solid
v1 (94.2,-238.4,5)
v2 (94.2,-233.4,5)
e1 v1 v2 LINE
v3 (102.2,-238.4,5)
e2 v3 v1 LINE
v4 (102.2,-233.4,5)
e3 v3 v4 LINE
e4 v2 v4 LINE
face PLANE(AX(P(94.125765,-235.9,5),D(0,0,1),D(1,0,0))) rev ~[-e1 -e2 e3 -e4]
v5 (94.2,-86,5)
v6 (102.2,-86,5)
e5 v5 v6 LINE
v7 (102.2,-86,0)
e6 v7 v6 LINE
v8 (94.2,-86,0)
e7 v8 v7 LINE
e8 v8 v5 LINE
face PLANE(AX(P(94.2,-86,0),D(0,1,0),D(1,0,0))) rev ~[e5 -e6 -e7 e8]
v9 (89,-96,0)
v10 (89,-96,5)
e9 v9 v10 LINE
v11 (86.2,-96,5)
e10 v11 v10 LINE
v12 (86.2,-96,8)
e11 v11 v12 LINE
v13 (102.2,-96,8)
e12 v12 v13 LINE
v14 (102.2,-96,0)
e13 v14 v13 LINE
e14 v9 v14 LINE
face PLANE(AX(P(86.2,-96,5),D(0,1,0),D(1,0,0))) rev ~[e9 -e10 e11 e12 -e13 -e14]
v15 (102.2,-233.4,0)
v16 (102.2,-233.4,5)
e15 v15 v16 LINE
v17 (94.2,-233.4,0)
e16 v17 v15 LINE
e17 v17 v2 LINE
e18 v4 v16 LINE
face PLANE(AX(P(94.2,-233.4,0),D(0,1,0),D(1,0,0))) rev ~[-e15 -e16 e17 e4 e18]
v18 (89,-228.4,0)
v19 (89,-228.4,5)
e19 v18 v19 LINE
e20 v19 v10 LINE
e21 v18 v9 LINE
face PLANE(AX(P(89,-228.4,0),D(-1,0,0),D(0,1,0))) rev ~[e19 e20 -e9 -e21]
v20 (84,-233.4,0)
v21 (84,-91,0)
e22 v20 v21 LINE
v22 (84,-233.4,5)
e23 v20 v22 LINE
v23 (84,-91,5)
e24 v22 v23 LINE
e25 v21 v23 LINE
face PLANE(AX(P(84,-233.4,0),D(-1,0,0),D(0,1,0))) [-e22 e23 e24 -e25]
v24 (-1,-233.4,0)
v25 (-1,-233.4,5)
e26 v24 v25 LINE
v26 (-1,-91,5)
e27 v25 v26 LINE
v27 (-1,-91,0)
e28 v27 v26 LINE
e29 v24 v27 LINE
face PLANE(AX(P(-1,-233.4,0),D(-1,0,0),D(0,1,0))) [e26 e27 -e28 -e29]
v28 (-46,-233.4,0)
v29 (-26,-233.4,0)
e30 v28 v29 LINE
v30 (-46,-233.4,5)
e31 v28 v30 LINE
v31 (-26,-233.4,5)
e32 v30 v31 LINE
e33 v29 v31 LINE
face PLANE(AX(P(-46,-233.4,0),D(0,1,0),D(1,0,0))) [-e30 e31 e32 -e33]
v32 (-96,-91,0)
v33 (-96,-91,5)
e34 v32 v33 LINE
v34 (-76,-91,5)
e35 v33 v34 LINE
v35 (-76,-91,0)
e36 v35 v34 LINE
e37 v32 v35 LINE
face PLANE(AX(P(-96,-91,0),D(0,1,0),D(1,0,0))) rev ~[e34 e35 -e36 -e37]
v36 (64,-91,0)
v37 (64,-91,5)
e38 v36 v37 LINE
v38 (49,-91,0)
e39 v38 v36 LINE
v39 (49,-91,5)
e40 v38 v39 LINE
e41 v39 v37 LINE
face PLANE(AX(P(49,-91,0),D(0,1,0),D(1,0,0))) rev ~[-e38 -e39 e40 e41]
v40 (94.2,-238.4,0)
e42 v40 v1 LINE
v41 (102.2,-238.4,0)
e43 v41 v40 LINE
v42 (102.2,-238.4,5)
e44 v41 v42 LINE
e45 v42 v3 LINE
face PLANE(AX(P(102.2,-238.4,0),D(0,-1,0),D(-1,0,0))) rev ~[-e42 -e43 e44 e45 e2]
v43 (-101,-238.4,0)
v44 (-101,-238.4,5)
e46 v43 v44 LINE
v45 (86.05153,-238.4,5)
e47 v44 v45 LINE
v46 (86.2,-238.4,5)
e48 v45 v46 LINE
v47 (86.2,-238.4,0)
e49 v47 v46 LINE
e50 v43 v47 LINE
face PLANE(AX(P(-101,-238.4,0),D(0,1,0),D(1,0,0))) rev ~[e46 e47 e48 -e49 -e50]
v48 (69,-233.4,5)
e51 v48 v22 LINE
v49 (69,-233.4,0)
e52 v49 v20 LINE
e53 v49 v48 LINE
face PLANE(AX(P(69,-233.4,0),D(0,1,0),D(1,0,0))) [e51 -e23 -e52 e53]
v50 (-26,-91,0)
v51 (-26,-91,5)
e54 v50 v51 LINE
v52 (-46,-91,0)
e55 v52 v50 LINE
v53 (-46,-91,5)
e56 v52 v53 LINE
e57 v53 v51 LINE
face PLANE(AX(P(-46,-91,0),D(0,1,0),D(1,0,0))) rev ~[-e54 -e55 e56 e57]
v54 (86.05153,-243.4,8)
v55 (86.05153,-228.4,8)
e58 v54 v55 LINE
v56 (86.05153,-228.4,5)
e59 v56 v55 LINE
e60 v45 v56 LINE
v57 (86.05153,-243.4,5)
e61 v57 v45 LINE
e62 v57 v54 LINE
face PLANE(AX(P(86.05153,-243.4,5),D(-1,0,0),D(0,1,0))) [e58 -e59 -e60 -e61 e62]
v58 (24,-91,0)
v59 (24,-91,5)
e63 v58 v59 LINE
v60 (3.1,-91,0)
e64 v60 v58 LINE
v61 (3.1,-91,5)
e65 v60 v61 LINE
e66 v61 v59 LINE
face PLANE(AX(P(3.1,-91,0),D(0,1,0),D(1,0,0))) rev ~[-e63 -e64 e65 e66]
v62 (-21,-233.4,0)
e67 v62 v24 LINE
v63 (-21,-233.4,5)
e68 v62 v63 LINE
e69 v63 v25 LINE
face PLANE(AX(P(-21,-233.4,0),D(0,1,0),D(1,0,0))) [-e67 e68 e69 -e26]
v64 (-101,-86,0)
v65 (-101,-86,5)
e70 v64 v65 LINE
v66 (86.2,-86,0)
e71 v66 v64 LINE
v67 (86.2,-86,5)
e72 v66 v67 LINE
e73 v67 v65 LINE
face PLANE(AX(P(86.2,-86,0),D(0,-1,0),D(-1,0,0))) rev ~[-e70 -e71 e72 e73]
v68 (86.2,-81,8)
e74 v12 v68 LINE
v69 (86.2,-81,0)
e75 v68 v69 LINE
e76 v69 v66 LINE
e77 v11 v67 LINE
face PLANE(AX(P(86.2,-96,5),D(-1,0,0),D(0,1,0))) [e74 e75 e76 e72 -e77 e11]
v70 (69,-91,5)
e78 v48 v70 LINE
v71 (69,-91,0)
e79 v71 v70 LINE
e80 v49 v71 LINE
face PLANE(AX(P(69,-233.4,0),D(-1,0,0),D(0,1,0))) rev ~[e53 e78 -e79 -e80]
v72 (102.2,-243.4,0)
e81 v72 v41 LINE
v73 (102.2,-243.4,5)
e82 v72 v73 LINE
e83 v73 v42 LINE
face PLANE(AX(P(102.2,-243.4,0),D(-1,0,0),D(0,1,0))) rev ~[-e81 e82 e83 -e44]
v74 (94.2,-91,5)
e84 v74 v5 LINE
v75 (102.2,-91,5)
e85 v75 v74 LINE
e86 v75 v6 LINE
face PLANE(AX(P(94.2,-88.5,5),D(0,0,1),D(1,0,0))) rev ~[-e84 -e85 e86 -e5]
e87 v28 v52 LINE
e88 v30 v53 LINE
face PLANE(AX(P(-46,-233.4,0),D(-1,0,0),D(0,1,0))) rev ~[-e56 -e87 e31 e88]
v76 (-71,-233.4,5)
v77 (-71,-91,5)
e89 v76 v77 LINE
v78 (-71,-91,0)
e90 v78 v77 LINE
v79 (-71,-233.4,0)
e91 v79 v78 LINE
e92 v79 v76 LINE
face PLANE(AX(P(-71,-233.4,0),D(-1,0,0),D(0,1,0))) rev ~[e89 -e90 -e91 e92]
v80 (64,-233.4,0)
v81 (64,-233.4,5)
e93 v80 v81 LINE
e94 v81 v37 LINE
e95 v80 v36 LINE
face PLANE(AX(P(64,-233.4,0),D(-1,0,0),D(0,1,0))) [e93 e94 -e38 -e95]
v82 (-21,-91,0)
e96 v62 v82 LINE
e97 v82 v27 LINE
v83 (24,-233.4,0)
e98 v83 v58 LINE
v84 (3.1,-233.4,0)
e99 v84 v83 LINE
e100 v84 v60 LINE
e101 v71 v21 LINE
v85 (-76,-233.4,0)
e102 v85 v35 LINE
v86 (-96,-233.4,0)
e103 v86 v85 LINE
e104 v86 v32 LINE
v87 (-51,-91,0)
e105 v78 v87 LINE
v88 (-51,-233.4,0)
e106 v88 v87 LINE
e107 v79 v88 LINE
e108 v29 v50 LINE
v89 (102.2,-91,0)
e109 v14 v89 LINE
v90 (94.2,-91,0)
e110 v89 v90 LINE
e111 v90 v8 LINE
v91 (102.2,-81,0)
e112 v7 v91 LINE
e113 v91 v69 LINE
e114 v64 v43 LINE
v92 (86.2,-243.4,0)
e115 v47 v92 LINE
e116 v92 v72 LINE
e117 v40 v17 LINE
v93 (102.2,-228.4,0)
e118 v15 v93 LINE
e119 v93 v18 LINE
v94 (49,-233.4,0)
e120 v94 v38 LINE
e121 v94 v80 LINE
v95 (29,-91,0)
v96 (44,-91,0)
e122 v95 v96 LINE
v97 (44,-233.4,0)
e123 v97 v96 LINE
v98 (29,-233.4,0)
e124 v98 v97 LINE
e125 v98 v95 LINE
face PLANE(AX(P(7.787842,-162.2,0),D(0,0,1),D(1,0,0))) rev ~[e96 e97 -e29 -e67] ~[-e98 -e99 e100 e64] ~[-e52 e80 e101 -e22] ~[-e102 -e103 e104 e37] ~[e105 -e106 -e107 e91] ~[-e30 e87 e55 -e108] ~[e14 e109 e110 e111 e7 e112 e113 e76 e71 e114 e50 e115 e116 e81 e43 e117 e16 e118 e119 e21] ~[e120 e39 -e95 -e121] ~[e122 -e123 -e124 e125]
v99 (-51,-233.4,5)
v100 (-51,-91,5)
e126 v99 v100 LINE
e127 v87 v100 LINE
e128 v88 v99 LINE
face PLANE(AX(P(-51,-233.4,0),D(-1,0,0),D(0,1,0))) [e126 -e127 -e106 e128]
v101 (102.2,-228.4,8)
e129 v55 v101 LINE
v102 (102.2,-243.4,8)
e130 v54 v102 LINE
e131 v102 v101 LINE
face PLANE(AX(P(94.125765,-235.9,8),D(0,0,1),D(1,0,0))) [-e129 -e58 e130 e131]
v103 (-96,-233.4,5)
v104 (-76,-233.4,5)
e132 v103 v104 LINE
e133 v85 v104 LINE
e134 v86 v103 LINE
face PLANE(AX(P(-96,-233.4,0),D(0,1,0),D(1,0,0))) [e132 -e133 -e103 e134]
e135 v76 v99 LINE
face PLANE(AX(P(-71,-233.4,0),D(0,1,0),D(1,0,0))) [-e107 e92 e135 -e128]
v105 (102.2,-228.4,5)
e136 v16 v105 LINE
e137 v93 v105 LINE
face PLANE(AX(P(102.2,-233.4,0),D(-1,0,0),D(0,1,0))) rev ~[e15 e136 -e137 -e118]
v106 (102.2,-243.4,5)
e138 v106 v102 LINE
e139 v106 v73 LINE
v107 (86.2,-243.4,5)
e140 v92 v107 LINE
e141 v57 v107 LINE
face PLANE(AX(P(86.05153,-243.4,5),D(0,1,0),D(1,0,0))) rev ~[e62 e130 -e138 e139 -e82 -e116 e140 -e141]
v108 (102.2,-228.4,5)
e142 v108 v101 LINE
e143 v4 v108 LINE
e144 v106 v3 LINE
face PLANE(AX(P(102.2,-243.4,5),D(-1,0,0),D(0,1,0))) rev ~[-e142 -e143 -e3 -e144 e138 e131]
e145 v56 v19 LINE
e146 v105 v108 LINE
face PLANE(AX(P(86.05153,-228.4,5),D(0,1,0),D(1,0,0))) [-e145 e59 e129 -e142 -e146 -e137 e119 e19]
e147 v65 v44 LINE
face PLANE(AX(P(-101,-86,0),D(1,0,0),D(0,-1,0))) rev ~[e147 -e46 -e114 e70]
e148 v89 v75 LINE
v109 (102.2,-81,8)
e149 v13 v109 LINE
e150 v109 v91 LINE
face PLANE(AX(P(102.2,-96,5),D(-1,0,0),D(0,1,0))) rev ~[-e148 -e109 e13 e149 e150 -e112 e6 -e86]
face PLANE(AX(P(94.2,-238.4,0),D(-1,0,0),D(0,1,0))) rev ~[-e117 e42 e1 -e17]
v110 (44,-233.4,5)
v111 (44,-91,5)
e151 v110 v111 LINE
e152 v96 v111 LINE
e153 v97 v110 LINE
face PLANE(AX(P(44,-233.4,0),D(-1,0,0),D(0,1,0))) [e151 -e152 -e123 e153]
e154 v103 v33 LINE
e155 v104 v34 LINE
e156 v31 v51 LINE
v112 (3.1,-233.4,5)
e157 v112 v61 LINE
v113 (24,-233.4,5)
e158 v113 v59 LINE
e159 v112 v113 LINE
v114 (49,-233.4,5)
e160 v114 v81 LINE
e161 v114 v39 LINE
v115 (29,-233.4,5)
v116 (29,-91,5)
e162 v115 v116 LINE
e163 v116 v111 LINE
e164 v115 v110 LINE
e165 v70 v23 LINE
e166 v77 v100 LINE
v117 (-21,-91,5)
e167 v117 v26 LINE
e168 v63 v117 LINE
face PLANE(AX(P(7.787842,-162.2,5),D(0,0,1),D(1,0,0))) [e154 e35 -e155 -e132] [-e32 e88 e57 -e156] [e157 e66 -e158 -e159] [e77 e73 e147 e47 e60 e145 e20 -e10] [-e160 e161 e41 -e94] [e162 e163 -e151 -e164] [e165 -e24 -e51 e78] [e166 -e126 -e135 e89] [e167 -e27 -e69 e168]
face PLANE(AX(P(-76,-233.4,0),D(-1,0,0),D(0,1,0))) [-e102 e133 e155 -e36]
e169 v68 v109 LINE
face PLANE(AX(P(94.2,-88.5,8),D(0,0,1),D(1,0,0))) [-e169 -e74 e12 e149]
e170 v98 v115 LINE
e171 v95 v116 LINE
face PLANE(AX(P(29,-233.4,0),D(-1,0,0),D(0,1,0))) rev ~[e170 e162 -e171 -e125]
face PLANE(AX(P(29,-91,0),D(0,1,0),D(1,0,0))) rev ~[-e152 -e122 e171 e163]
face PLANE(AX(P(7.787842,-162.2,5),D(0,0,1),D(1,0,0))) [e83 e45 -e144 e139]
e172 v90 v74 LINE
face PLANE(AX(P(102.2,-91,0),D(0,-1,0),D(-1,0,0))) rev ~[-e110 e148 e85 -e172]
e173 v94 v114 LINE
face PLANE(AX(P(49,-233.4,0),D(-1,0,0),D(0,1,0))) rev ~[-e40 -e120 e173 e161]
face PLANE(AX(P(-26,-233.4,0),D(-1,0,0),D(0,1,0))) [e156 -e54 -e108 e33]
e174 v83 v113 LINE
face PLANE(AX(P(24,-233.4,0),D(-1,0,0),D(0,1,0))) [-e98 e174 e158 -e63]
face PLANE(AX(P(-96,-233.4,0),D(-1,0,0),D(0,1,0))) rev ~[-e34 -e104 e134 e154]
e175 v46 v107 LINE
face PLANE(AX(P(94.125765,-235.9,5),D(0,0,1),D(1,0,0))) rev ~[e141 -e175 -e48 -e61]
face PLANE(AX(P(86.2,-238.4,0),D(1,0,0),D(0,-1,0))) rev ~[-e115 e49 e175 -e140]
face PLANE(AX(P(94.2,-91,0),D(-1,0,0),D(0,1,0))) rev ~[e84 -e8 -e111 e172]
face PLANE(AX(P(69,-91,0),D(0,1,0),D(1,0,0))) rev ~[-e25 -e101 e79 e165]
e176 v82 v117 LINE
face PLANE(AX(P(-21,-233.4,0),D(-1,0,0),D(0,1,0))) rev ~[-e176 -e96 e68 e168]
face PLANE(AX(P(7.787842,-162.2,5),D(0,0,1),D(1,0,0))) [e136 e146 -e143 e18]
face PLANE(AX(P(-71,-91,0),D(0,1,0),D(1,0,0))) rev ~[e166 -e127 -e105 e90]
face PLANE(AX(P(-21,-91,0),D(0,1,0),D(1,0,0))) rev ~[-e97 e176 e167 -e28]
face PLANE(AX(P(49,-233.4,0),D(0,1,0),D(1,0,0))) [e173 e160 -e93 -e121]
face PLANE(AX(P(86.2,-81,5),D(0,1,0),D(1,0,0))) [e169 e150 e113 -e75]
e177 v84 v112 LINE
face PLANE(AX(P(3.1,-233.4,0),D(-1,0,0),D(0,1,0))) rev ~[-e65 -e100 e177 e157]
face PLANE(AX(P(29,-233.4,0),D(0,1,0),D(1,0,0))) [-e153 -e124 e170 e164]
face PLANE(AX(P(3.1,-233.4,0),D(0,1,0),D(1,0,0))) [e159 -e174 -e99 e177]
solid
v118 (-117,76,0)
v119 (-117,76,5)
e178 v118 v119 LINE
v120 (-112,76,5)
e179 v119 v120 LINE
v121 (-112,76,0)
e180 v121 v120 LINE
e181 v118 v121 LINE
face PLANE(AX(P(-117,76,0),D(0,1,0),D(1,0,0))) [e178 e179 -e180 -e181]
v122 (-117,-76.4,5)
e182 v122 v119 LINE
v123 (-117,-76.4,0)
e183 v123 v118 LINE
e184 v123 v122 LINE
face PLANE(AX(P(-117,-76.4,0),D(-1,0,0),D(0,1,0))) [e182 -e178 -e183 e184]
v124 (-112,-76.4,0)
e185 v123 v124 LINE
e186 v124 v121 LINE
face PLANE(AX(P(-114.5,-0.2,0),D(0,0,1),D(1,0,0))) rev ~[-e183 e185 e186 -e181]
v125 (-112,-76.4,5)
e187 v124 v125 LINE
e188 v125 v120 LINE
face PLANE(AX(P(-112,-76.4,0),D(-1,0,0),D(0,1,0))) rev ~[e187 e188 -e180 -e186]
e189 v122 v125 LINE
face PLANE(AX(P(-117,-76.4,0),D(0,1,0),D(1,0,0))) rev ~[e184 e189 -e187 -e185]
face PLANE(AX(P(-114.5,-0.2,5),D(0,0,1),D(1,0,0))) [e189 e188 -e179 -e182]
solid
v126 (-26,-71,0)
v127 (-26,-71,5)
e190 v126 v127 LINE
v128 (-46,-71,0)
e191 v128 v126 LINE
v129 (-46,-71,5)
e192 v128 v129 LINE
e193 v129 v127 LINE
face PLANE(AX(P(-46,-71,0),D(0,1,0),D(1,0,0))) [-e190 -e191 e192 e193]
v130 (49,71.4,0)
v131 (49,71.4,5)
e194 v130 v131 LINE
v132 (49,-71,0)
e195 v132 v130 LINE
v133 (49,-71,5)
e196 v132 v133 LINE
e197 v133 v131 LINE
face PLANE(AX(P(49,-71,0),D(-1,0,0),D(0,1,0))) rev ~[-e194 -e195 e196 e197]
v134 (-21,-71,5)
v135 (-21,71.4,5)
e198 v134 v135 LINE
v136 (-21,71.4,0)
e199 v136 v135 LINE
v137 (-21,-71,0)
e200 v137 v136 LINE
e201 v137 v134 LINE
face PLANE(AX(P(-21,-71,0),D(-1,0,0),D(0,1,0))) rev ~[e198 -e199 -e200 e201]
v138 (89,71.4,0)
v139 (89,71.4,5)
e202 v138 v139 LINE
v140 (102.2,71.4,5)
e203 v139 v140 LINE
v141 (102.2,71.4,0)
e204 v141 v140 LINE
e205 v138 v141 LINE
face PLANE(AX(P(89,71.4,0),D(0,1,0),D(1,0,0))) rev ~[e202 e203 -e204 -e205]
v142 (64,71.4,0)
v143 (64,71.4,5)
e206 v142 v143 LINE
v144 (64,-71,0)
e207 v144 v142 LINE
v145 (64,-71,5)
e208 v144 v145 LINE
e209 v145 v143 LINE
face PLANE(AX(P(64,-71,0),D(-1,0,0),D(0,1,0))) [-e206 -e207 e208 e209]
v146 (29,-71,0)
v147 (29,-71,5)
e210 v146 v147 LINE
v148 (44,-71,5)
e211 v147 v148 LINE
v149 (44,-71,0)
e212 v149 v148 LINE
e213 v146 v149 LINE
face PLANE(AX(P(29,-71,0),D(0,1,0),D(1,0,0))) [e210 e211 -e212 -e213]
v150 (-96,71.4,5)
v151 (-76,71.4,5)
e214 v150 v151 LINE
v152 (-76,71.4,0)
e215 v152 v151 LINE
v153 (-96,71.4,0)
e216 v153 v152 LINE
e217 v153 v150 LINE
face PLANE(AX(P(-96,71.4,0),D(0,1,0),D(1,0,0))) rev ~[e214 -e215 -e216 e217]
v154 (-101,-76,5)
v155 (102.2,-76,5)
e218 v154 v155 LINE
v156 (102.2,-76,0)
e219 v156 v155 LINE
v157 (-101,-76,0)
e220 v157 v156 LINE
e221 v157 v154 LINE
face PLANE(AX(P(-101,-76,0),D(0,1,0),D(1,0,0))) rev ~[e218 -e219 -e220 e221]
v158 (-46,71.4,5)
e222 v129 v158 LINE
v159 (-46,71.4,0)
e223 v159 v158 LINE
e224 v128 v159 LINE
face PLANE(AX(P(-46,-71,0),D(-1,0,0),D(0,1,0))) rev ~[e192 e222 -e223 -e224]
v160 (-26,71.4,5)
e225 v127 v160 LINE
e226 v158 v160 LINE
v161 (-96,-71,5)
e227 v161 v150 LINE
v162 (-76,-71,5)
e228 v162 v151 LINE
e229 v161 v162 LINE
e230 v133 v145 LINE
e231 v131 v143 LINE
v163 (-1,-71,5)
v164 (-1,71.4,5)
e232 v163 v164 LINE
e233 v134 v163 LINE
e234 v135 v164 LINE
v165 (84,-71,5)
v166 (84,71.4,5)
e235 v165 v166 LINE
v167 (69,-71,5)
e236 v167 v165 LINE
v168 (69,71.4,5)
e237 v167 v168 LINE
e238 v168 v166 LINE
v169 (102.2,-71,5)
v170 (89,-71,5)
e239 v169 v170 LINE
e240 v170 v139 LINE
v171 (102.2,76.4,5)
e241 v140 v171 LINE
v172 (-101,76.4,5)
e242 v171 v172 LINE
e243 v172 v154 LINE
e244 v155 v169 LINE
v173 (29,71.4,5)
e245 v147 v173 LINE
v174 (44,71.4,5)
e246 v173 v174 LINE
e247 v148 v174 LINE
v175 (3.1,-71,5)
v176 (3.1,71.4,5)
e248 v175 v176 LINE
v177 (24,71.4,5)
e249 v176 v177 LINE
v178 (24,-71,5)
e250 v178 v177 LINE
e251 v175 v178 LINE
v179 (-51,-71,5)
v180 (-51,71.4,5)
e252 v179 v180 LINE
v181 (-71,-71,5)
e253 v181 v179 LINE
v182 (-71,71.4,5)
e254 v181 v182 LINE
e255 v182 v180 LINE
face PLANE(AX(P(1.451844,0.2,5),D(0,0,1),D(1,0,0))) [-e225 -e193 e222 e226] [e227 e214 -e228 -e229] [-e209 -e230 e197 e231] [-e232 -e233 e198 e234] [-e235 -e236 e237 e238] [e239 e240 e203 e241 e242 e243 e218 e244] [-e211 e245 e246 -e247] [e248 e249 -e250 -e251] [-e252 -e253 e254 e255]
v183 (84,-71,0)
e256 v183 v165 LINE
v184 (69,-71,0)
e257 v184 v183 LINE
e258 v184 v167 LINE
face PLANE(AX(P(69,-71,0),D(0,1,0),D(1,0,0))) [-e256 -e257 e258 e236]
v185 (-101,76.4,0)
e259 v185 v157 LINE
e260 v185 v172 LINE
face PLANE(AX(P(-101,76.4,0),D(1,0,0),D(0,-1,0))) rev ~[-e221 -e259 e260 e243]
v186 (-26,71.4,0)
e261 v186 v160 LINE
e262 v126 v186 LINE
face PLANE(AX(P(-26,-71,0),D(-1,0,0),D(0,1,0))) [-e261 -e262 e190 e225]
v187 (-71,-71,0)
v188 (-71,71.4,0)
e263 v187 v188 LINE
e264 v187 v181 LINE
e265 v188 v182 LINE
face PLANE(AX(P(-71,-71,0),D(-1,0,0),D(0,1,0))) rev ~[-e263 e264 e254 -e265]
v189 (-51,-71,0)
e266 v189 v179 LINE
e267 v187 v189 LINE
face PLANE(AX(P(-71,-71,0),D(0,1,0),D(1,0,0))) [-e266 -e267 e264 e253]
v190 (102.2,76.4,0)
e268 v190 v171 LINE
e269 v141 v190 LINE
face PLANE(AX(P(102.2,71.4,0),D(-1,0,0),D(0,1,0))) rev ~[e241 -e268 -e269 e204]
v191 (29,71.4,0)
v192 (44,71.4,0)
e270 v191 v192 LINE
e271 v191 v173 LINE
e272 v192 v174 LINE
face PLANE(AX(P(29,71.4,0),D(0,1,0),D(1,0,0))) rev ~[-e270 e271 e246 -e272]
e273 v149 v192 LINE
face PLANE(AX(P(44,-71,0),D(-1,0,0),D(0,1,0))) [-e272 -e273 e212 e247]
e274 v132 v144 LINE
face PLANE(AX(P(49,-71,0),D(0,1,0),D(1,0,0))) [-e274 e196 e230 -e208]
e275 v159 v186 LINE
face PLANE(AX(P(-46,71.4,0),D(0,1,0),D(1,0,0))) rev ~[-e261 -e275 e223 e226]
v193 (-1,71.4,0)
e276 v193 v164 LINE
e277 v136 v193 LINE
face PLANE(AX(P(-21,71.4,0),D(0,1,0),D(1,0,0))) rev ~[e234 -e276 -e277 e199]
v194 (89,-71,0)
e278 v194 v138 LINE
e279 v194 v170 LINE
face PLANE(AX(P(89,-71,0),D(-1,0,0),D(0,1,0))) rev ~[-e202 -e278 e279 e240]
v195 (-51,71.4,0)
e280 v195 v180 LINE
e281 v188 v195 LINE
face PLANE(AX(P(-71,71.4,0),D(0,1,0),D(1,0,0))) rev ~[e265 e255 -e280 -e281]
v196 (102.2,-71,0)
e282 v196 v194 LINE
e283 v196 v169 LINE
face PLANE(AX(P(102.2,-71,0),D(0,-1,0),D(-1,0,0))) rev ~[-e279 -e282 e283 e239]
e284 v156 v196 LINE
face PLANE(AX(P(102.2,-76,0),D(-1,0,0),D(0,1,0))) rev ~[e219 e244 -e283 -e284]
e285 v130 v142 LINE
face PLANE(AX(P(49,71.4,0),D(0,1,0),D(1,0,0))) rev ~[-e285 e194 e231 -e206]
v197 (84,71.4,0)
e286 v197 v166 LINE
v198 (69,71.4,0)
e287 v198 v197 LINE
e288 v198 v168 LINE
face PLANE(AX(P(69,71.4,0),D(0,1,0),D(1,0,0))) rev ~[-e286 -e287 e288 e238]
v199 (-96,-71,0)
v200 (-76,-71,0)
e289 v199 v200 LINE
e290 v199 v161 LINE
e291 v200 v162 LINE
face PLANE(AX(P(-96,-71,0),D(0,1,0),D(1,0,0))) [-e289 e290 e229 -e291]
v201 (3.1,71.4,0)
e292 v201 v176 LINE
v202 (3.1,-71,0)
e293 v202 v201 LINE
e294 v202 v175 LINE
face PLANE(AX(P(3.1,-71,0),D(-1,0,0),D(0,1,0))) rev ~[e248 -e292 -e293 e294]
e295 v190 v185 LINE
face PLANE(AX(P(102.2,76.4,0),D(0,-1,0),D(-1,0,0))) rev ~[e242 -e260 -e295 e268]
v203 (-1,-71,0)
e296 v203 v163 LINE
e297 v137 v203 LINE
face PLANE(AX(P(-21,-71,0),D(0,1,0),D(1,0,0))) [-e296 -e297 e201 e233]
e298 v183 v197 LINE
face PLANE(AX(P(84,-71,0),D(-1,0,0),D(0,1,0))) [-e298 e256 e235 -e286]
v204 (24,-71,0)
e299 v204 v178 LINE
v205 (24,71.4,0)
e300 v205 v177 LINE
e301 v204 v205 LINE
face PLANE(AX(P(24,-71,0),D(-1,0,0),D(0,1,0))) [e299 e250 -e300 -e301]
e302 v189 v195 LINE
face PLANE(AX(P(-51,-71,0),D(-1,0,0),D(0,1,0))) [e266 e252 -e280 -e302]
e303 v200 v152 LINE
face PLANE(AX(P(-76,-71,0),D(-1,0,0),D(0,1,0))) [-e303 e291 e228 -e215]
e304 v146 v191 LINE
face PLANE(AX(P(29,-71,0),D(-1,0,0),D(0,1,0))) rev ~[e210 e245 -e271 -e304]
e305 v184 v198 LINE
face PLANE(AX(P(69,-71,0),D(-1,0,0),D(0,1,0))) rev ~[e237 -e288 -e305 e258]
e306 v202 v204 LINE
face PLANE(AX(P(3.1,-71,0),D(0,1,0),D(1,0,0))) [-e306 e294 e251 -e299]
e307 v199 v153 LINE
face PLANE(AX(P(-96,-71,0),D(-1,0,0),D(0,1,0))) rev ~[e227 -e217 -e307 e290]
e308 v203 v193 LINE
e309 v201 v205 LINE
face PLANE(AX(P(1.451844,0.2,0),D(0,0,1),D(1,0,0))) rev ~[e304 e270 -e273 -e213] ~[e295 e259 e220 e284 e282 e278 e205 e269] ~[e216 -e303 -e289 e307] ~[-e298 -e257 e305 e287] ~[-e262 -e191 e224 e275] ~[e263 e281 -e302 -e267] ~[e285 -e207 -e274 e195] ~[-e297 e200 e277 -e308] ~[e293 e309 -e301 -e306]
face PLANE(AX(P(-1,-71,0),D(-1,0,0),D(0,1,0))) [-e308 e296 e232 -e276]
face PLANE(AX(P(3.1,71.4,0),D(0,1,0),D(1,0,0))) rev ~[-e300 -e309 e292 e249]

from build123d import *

# Parameters (mm, degrees)
F0_W     = 20
F0_H     = 142.4
F0_W_2   = 20.9
F0_W_3   = 15
F1_DEPTH = 5
F2_W     = 16
F2_H     = 15
F2_W_2   = 16.148469
F3_DEPTH = 3
F4_W     = 5
F4_H     = 152.4
F5_DEPTH = 5


with BuildPart() as f1:
    # F0 (on Top) → F1 (new body)
    with BuildSketch(Plane.XY):
        Polygon((102.2, 71.4), (102.2, 76.4), (-101, 76.4), (-101, -76), (102.2, -76), (102.2, -71), (89, -71), (89, 71.4), align=None)
        with Locations((-86, 0.2)):
            Rectangle(F0_W, F0_H, mode=Mode.SUBTRACT)
        with Locations((-61, 0.2)):
            Rectangle(F0_W, F0_H, mode=Mode.SUBTRACT)
        with Locations((-36, 0.2)):
            Rectangle(F0_W, F0_H, mode=Mode.SUBTRACT)
        with Locations((-11, 0.2)):
            Rectangle(F0_W, F0_H, mode=Mode.SUBTRACT)
        with Locations((13.55, 0.2)):
            Rectangle(F0_W_2, F0_H, mode=Mode.SUBTRACT)
        with Locations((36.5, 0.2)):
            Rectangle(F0_W_3, F0_H, mode=Mode.SUBTRACT)
        with Locations((56.5, 0.2)):
            Rectangle(F0_W_3, F0_H, mode=Mode.SUBTRACT)
        with Locations((76.5, 0.2)):
            Rectangle(F0_W_3, F0_H, mode=Mode.SUBTRACT)
        Polygon((-101, -238.4), (86.2, -238.4), (86.2, -243.4), (102.2, -243.4), (102.2, -238.4), (94.2, -238.4), (94.2, -233.4), (102.2, -233.4), (102.2, -228.4), (89, -228.4), (89, -96), (102.2, -96), (102.2, -91), (94.2, -91), (94.2, -86), (102.2, -86), (102.2, -81), (86.2, -81), (86.2, -86), (-101, -86), align=None)
        with Locations((-86, -162.2)):
            Rectangle(F0_W, F0_H, mode=Mode.SUBTRACT)
        with Locations((-61, -162.2)):
            Rectangle(F0_W, F0_H, mode=Mode.SUBTRACT)
        with Locations((-36, -162.2)):
            Rectangle(F0_W, F0_H, mode=Mode.SUBTRACT)
        with Locations((-11, -162.2)):
            Rectangle(F0_W, F0_H, mode=Mode.SUBTRACT)
        with Locations((13.55, -162.2)):
            Rectangle(F0_W_2, F0_H, mode=Mode.SUBTRACT)
        with Locations((36.5, -162.2)):
            Rectangle(F0_W_3, F0_H, mode=Mode.SUBTRACT)
        with Locations((56.5, -162.2)):
            Rectangle(F0_W_3, F0_H, mode=Mode.SUBTRACT)
        with Locations((76.5, -162.2)):
            Rectangle(F0_W_3, F0_H, mode=Mode.SUBTRACT)
    extrude(amount=F1_DEPTH)

    # F2 (on face) → F3 (join)
    with BuildSketch(Plane.XY.offset(5)):
        with Locations((94.2, -88.5)):
            Rectangle(F2_W, F2_H)
        with Locations((94.125765, -235.9)):
            Rectangle(F2_W_2, F2_H)
    extrude(amount=F3_DEPTH)


with BuildPart() as f5:
    # F4 (on Top) → F5 (new body)
    with BuildSketch(Plane.XY):
        with Locations((-114.5, -0.2)):
            Rectangle(F4_W, F4_H)
    extrude(amount=F5_DEPTH)


solid = Compound([f1.part, f5.part])
